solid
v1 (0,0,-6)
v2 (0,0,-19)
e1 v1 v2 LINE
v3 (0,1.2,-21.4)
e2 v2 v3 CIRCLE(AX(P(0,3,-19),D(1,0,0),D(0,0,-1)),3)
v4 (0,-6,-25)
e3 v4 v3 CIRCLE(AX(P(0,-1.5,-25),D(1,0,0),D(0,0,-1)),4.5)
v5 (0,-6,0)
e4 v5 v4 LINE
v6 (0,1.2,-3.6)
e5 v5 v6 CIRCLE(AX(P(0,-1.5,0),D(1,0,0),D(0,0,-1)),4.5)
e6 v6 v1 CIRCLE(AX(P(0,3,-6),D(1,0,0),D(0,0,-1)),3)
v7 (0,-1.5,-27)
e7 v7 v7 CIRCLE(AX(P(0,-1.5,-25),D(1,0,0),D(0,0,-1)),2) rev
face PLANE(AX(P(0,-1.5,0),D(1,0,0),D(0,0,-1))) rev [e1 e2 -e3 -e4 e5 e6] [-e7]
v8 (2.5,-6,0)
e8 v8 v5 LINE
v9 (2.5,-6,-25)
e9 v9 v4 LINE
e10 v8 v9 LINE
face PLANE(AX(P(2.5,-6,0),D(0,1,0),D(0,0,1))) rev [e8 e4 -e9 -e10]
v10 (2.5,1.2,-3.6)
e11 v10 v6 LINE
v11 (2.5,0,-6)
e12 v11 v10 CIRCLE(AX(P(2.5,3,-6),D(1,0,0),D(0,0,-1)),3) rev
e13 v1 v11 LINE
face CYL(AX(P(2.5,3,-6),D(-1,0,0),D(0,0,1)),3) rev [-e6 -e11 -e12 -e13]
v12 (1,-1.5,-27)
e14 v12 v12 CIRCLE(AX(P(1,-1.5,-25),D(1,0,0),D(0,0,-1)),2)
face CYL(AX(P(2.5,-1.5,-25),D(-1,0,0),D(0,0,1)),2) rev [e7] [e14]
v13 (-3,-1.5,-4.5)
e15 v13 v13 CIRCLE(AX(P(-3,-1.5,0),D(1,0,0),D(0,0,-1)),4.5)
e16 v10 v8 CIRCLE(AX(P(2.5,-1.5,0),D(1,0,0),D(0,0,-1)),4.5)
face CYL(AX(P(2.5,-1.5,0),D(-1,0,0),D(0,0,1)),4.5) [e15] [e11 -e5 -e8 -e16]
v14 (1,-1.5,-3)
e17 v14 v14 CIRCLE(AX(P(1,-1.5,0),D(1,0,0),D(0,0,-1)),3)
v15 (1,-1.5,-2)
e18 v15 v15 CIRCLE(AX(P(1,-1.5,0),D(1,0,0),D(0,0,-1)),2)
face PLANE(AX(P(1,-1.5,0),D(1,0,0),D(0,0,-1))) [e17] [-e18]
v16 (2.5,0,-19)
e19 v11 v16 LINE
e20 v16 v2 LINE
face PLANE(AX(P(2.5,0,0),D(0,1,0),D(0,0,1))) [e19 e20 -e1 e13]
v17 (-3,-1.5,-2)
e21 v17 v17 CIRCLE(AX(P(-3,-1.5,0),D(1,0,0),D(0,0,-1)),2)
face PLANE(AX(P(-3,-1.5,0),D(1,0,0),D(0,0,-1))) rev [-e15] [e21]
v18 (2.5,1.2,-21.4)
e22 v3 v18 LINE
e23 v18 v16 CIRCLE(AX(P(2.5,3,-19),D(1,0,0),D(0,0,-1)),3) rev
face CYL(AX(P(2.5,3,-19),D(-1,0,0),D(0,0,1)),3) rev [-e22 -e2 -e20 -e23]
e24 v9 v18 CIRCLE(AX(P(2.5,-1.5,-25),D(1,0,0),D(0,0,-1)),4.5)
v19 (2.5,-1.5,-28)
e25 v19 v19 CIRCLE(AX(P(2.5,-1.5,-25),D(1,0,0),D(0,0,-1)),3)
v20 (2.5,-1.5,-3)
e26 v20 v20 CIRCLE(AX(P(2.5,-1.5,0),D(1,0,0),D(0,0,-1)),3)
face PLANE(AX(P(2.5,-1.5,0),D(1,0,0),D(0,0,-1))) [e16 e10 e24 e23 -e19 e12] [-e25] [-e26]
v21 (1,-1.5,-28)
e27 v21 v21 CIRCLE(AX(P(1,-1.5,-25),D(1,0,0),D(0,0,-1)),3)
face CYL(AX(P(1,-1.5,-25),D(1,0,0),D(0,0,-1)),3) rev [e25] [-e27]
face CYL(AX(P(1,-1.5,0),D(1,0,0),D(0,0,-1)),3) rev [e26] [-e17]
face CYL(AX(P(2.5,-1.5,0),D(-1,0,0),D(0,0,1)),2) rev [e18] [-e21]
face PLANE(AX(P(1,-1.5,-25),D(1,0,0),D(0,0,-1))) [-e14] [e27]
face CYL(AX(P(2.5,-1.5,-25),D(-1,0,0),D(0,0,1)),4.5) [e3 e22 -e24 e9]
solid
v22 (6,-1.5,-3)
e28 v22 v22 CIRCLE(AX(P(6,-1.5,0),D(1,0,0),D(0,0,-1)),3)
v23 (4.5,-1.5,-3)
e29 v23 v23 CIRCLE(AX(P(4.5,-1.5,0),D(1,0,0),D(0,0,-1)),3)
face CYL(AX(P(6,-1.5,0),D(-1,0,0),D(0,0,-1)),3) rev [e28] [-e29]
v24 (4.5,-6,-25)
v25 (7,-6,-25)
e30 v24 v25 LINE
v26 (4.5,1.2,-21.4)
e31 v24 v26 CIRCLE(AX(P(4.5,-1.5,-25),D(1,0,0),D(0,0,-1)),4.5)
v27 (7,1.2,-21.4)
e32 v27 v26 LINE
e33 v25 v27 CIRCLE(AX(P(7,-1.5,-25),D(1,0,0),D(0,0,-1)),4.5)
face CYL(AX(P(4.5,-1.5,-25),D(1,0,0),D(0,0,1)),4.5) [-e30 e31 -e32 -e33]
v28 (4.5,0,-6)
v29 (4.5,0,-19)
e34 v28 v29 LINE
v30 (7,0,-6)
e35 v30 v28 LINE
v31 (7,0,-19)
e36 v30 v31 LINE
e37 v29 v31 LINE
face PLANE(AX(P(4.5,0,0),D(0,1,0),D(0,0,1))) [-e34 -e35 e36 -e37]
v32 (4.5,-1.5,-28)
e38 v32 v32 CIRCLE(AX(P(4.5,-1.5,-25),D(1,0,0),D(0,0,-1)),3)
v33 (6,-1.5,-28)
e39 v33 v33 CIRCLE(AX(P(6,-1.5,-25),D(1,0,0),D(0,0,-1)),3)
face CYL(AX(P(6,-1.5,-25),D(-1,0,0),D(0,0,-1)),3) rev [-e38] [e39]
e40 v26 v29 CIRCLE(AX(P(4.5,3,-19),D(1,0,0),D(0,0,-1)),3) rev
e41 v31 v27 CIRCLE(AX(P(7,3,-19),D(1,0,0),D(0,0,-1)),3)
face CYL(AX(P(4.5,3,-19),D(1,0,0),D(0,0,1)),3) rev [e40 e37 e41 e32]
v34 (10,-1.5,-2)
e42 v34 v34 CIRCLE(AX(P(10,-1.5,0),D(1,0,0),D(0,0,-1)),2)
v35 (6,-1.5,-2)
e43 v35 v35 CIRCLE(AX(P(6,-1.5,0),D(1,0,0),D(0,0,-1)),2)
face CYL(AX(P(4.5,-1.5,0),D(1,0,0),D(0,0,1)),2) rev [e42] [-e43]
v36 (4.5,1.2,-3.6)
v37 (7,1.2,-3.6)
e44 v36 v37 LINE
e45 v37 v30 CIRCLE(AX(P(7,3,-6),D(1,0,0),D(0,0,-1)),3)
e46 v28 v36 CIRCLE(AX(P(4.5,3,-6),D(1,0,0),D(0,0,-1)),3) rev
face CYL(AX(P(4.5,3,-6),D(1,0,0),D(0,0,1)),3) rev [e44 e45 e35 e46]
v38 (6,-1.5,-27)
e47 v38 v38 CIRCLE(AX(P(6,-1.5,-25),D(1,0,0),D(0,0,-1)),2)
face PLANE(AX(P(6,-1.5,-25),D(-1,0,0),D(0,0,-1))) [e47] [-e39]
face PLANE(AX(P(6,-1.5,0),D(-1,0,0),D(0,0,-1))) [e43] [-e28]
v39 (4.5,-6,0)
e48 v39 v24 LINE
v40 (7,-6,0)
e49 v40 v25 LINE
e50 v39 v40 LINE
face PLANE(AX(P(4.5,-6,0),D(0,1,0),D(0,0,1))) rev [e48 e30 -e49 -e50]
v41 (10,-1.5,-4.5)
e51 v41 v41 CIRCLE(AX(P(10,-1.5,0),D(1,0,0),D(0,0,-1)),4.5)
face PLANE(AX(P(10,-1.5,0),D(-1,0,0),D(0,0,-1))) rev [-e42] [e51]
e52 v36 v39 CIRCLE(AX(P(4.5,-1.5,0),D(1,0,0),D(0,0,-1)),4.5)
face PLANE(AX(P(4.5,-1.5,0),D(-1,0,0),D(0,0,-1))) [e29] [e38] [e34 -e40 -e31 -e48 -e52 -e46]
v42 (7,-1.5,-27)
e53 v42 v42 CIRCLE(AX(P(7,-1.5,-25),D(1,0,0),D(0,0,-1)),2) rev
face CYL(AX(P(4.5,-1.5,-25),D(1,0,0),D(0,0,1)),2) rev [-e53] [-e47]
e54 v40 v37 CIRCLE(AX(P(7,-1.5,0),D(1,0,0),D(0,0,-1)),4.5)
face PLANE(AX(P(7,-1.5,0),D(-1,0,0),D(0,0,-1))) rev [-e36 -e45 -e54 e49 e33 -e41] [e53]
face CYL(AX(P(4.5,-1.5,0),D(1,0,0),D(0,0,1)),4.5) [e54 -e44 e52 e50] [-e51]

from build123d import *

# Parameters (mm, degrees)
SKETCH_1_R               = 4.5
SKETCH_1_W               = 25
SKETCH_1_H               = 6
EXTRUDE_1_DEPTH          = 2.5
EXTRUDE_START            = -3
SKETCH_1_5_R             = 4.5
EXTRUDE_3_DEPTH          = 3
CUT_EXTRUDE_2_DEPTH      = 31.253099015
CUT_EXTRUDE_2_DEPTH_BACK = 31.253099015
SKETCH_1_4_R             = 2
FILLET_1_R               = 3
SKETCH_2_R               = 3
CUT_EXTRUDE_3_DEPTH      = 1.5


with BuildPart() as part:
    # 草图1 → 凸台-拉伸1 (new body)
    with BuildSketch(Plane(origin=(0, 0, 0), x_dir=(0, 0, -1), z_dir=(1, 0, 0))):
        with Locations((0, -1.5)):
            Circle(SKETCH_1_R)
        with Locations((25, -1.5)):
            Circle(SKETCH_1_R)
        with Locations((12.5, -3)):
            Rectangle(SKETCH_1_W, SKETCH_1_H)
    extrude(amount=EXTRUDE_1_DEPTH)

    # 草图1<5> → 凸台-拉伸3 (add)
    with BuildSketch(Plane(origin=(0, 0, 0), x_dir=(0, 0, -1), z_dir=(1, 0, 0)).offset(EXTRUDE_START)):
        with Locations((0, -1.5)):
            Circle(SKETCH_1_5_R)
    extrude(amount=EXTRUDE_3_DEPTH)

    # 草图1<4> → 切除-拉伸2 (cut, two sides: drawn at the far end of the back side and taken through both)
    with BuildSketch(Plane(origin=(0, 0, 0), x_dir=(0, 0, -1), z_dir=(1, 0, 0)).offset(-CUT_EXTRUDE_2_DEPTH_BACK)):
        with Locations((0, -1.5)):
            Circle(SKETCH_1_4_R)
        with Locations((25, -1.5)):
            Circle(SKETCH_1_4_R)
    extrude(amount=CUT_EXTRUDE_2_DEPTH + CUT_EXTRUDE_2_DEPTH_BACK, mode=Mode.SUBTRACT)

    # 圆角1
    fillet_1_edges = [part.edges().sort_by_distance(p)[0] for p in [
        (1.25, 0, -20.757359313),
        (1.25, 0, -4.242640687),
    ]]
    fillet(fillet_1_edges, radius=FILLET_1_R)

    # 草图2 → 切除-拉伸3 (cut)
    with BuildSketch(Plane(origin=(2.5, 0, 0), x_dir=(0, 0, -1), z_dir=(1, 0, 0))):
        with Locations((0, -1.5)):
            Circle(SKETCH_2_R)
        with Locations((25, -1.5)):
            Circle(SKETCH_2_R)
    extrude(amount=-CUT_EXTRUDE_3_DEPTH, mode=Mode.SUBTRACT)


with BuildPart() as body_2:
    # 镜向2: mirrored copy
    add(part.part.mirror(Plane(origin=(3.5, 0, 0), x_dir=(0, 0, 1), z_dir=(1, 0, 0))))


solid = Compound([part.part, body_2.part])
